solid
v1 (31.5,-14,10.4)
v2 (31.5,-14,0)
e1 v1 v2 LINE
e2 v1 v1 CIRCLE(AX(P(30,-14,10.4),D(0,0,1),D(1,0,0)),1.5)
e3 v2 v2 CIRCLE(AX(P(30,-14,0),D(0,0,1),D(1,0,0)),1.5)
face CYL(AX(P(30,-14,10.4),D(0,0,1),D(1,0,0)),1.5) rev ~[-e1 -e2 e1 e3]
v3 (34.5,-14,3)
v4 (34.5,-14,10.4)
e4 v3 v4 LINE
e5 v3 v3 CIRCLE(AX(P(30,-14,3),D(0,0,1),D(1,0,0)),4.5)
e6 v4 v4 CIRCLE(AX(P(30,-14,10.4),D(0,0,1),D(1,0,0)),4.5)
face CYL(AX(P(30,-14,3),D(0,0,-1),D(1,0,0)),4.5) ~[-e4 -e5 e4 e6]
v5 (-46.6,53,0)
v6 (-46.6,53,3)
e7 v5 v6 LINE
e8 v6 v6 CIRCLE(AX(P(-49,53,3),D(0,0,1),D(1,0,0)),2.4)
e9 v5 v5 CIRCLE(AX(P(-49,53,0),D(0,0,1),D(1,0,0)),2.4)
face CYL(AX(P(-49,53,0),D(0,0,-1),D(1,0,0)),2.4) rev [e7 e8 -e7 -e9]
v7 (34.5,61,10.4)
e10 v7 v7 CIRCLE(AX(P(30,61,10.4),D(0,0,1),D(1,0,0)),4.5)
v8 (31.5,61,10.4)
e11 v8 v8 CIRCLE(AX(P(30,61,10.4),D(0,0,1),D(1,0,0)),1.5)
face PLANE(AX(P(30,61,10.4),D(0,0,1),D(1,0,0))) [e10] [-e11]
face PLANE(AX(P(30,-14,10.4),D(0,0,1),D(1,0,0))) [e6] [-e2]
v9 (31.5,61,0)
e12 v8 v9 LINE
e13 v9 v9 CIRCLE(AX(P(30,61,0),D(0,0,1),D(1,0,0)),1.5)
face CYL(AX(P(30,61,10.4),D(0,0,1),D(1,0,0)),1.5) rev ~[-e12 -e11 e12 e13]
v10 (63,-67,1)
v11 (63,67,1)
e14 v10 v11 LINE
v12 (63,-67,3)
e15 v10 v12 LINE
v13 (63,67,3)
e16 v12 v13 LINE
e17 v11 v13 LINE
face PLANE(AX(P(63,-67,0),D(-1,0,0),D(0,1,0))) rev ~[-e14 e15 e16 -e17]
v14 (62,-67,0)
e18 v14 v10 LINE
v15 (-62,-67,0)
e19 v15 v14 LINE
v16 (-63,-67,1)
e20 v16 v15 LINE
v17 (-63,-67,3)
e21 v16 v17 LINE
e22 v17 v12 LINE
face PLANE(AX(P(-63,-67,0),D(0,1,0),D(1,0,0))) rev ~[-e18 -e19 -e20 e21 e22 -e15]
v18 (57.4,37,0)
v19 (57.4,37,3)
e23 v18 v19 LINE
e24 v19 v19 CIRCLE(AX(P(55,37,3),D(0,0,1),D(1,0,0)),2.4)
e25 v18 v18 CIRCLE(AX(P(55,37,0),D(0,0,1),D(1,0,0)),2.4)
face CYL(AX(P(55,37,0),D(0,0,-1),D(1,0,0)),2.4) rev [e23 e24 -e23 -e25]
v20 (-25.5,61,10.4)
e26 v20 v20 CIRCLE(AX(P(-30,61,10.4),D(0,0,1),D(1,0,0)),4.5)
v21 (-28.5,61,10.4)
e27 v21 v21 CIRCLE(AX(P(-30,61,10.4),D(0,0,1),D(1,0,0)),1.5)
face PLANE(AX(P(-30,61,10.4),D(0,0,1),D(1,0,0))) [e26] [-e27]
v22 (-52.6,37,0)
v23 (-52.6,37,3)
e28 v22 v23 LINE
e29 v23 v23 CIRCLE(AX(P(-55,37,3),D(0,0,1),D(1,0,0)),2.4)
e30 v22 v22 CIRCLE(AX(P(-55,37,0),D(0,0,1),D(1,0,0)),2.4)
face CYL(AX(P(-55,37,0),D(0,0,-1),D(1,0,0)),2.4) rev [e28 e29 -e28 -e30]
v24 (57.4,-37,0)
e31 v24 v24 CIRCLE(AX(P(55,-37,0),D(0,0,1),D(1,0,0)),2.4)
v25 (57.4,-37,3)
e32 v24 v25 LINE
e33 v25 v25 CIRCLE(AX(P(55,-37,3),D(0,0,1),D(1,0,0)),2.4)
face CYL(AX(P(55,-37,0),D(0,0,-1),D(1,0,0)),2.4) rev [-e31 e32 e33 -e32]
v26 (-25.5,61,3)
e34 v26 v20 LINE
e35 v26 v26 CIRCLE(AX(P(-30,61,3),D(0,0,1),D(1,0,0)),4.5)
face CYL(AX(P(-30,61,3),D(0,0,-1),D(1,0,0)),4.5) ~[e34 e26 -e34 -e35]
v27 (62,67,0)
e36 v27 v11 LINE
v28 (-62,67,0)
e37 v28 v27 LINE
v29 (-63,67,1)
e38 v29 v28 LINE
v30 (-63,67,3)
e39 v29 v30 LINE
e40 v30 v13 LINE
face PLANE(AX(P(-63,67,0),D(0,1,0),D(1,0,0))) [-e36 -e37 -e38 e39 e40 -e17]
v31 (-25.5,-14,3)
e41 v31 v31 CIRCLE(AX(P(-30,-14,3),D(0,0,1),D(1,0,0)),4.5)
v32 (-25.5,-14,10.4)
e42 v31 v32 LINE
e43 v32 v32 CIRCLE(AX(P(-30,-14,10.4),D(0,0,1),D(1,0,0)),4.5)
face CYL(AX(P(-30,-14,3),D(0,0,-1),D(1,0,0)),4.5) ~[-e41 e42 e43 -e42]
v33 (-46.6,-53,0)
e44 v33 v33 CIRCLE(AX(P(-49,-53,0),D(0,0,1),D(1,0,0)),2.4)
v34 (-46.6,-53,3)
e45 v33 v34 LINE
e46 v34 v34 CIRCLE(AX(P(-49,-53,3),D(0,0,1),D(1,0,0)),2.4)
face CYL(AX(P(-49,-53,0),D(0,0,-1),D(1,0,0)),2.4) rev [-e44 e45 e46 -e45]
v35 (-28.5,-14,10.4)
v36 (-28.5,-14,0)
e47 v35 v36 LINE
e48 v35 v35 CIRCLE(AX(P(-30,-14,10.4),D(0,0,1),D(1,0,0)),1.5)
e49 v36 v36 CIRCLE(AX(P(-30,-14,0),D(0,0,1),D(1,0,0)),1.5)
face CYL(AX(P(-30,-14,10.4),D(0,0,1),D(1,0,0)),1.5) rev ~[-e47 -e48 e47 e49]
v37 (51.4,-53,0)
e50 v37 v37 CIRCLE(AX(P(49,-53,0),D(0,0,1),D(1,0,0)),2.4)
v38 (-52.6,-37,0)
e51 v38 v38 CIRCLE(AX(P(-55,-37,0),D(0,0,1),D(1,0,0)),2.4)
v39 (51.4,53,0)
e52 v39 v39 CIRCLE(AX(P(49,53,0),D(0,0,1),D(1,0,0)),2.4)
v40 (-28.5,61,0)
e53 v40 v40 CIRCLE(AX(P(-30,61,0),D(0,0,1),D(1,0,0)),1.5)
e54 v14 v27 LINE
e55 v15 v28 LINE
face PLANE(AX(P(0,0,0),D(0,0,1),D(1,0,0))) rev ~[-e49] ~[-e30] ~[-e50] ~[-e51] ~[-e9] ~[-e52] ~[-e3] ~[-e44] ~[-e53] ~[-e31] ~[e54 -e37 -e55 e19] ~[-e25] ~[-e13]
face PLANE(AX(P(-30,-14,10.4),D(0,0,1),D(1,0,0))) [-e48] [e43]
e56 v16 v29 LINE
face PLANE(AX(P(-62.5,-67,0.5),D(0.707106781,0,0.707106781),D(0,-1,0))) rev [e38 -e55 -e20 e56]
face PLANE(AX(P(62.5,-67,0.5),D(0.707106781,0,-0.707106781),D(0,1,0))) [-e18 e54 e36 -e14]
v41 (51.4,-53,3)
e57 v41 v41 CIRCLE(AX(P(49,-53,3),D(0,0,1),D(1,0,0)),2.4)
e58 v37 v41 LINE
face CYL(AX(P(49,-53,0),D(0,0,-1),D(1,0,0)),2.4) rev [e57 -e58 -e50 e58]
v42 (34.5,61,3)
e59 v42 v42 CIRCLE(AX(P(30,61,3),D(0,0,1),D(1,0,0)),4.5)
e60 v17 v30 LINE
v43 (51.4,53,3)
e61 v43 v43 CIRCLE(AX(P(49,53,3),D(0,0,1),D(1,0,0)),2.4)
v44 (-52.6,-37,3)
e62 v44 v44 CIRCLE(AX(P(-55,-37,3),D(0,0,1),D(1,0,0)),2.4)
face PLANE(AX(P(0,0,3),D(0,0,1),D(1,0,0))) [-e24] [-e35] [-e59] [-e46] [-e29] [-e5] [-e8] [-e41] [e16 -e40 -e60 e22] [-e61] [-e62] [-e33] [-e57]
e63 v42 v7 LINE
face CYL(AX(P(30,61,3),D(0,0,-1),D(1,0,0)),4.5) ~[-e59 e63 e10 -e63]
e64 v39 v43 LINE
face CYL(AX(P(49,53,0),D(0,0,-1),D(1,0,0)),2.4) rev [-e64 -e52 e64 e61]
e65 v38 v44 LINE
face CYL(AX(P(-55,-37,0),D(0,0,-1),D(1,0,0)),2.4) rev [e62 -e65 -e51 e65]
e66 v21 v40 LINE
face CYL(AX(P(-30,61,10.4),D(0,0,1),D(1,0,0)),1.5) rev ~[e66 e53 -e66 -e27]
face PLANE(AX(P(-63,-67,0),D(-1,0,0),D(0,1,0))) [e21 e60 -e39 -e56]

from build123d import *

# Parameters (mm, degrees)
SKETCH001_W     = 126
SKETCH001_H     = 134
SKETCH001_R     = 2.4
PAD_DEPTH       = 3
SKETCH009_R     = 4.5
PAD005_DEPTH    = 7.4
SKETCH010_R     = 1.5
POCKET017_DEPTH = 10.401
CHAMFER015_SIZE = 1


with BuildPart() as part:
    # Sketch001 → Pad (new body)
    with BuildSketch(Plane.XY):
        Rectangle(SKETCH001_W, SKETCH001_H)
        with Locations((-49, 53)):
            Circle(SKETCH001_R, mode=Mode.SUBTRACT)
        with Locations((49, 53)):
            Circle(SKETCH001_R, mode=Mode.SUBTRACT)
        with Locations((-49, -53)):
            Circle(SKETCH001_R, mode=Mode.SUBTRACT)
        with Locations((49, -53)):
            Circle(SKETCH001_R, mode=Mode.SUBTRACT)
        with Locations((55, 37)):
            Circle(SKETCH001_R, mode=Mode.SUBTRACT)
        with Locations((-55, 37)):
            Circle(SKETCH001_R, mode=Mode.SUBTRACT)
        with Locations((-55, -37)):
            Circle(SKETCH001_R, mode=Mode.SUBTRACT)
        with Locations((55, -37)):
            Circle(SKETCH001_R, mode=Mode.SUBTRACT)
    extrude(amount=PAD_DEPTH)

    # Sketch009 (on Face14 of Pad) → Pad005 (join)
    with BuildSketch(Plane.XY.offset(3)):
        with Locations((-30, 61)):
            Circle(SKETCH009_R)
        with Locations((30, 61)):
            Circle(SKETCH009_R)
        with Locations((-30, -14)):
            Circle(SKETCH009_R)
        with Locations((30, -14)):
            Circle(SKETCH009_R)
    extrude(amount=PAD005_DEPTH)

    # Sketch010 (on Face22 of Pad005) → Pocket017 (cut, through all)
    with BuildSketch(Plane.XY.offset(10.4)):
        with Locations((-30, 61)):
            Circle(SKETCH010_R)
        with Locations((30, 61)):
            Circle(SKETCH010_R)
        with Locations((30, -14)):
            Circle(SKETCH010_R)
        with Locations((-30, -14)):
            Circle(SKETCH010_R)
    extrude(amount=-POCKET017_DEPTH, mode=Mode.SUBTRACT)

    # Chamfer015
    chamfer015_edges = [part.edges().sort_by_distance(p)[0] for p in [
        (-63, 0, 0),
        (63, 0, 0),
    ]]
    chamfer(chamfer015_edges, length=CHAMFER015_SIZE)


solid = part.part
